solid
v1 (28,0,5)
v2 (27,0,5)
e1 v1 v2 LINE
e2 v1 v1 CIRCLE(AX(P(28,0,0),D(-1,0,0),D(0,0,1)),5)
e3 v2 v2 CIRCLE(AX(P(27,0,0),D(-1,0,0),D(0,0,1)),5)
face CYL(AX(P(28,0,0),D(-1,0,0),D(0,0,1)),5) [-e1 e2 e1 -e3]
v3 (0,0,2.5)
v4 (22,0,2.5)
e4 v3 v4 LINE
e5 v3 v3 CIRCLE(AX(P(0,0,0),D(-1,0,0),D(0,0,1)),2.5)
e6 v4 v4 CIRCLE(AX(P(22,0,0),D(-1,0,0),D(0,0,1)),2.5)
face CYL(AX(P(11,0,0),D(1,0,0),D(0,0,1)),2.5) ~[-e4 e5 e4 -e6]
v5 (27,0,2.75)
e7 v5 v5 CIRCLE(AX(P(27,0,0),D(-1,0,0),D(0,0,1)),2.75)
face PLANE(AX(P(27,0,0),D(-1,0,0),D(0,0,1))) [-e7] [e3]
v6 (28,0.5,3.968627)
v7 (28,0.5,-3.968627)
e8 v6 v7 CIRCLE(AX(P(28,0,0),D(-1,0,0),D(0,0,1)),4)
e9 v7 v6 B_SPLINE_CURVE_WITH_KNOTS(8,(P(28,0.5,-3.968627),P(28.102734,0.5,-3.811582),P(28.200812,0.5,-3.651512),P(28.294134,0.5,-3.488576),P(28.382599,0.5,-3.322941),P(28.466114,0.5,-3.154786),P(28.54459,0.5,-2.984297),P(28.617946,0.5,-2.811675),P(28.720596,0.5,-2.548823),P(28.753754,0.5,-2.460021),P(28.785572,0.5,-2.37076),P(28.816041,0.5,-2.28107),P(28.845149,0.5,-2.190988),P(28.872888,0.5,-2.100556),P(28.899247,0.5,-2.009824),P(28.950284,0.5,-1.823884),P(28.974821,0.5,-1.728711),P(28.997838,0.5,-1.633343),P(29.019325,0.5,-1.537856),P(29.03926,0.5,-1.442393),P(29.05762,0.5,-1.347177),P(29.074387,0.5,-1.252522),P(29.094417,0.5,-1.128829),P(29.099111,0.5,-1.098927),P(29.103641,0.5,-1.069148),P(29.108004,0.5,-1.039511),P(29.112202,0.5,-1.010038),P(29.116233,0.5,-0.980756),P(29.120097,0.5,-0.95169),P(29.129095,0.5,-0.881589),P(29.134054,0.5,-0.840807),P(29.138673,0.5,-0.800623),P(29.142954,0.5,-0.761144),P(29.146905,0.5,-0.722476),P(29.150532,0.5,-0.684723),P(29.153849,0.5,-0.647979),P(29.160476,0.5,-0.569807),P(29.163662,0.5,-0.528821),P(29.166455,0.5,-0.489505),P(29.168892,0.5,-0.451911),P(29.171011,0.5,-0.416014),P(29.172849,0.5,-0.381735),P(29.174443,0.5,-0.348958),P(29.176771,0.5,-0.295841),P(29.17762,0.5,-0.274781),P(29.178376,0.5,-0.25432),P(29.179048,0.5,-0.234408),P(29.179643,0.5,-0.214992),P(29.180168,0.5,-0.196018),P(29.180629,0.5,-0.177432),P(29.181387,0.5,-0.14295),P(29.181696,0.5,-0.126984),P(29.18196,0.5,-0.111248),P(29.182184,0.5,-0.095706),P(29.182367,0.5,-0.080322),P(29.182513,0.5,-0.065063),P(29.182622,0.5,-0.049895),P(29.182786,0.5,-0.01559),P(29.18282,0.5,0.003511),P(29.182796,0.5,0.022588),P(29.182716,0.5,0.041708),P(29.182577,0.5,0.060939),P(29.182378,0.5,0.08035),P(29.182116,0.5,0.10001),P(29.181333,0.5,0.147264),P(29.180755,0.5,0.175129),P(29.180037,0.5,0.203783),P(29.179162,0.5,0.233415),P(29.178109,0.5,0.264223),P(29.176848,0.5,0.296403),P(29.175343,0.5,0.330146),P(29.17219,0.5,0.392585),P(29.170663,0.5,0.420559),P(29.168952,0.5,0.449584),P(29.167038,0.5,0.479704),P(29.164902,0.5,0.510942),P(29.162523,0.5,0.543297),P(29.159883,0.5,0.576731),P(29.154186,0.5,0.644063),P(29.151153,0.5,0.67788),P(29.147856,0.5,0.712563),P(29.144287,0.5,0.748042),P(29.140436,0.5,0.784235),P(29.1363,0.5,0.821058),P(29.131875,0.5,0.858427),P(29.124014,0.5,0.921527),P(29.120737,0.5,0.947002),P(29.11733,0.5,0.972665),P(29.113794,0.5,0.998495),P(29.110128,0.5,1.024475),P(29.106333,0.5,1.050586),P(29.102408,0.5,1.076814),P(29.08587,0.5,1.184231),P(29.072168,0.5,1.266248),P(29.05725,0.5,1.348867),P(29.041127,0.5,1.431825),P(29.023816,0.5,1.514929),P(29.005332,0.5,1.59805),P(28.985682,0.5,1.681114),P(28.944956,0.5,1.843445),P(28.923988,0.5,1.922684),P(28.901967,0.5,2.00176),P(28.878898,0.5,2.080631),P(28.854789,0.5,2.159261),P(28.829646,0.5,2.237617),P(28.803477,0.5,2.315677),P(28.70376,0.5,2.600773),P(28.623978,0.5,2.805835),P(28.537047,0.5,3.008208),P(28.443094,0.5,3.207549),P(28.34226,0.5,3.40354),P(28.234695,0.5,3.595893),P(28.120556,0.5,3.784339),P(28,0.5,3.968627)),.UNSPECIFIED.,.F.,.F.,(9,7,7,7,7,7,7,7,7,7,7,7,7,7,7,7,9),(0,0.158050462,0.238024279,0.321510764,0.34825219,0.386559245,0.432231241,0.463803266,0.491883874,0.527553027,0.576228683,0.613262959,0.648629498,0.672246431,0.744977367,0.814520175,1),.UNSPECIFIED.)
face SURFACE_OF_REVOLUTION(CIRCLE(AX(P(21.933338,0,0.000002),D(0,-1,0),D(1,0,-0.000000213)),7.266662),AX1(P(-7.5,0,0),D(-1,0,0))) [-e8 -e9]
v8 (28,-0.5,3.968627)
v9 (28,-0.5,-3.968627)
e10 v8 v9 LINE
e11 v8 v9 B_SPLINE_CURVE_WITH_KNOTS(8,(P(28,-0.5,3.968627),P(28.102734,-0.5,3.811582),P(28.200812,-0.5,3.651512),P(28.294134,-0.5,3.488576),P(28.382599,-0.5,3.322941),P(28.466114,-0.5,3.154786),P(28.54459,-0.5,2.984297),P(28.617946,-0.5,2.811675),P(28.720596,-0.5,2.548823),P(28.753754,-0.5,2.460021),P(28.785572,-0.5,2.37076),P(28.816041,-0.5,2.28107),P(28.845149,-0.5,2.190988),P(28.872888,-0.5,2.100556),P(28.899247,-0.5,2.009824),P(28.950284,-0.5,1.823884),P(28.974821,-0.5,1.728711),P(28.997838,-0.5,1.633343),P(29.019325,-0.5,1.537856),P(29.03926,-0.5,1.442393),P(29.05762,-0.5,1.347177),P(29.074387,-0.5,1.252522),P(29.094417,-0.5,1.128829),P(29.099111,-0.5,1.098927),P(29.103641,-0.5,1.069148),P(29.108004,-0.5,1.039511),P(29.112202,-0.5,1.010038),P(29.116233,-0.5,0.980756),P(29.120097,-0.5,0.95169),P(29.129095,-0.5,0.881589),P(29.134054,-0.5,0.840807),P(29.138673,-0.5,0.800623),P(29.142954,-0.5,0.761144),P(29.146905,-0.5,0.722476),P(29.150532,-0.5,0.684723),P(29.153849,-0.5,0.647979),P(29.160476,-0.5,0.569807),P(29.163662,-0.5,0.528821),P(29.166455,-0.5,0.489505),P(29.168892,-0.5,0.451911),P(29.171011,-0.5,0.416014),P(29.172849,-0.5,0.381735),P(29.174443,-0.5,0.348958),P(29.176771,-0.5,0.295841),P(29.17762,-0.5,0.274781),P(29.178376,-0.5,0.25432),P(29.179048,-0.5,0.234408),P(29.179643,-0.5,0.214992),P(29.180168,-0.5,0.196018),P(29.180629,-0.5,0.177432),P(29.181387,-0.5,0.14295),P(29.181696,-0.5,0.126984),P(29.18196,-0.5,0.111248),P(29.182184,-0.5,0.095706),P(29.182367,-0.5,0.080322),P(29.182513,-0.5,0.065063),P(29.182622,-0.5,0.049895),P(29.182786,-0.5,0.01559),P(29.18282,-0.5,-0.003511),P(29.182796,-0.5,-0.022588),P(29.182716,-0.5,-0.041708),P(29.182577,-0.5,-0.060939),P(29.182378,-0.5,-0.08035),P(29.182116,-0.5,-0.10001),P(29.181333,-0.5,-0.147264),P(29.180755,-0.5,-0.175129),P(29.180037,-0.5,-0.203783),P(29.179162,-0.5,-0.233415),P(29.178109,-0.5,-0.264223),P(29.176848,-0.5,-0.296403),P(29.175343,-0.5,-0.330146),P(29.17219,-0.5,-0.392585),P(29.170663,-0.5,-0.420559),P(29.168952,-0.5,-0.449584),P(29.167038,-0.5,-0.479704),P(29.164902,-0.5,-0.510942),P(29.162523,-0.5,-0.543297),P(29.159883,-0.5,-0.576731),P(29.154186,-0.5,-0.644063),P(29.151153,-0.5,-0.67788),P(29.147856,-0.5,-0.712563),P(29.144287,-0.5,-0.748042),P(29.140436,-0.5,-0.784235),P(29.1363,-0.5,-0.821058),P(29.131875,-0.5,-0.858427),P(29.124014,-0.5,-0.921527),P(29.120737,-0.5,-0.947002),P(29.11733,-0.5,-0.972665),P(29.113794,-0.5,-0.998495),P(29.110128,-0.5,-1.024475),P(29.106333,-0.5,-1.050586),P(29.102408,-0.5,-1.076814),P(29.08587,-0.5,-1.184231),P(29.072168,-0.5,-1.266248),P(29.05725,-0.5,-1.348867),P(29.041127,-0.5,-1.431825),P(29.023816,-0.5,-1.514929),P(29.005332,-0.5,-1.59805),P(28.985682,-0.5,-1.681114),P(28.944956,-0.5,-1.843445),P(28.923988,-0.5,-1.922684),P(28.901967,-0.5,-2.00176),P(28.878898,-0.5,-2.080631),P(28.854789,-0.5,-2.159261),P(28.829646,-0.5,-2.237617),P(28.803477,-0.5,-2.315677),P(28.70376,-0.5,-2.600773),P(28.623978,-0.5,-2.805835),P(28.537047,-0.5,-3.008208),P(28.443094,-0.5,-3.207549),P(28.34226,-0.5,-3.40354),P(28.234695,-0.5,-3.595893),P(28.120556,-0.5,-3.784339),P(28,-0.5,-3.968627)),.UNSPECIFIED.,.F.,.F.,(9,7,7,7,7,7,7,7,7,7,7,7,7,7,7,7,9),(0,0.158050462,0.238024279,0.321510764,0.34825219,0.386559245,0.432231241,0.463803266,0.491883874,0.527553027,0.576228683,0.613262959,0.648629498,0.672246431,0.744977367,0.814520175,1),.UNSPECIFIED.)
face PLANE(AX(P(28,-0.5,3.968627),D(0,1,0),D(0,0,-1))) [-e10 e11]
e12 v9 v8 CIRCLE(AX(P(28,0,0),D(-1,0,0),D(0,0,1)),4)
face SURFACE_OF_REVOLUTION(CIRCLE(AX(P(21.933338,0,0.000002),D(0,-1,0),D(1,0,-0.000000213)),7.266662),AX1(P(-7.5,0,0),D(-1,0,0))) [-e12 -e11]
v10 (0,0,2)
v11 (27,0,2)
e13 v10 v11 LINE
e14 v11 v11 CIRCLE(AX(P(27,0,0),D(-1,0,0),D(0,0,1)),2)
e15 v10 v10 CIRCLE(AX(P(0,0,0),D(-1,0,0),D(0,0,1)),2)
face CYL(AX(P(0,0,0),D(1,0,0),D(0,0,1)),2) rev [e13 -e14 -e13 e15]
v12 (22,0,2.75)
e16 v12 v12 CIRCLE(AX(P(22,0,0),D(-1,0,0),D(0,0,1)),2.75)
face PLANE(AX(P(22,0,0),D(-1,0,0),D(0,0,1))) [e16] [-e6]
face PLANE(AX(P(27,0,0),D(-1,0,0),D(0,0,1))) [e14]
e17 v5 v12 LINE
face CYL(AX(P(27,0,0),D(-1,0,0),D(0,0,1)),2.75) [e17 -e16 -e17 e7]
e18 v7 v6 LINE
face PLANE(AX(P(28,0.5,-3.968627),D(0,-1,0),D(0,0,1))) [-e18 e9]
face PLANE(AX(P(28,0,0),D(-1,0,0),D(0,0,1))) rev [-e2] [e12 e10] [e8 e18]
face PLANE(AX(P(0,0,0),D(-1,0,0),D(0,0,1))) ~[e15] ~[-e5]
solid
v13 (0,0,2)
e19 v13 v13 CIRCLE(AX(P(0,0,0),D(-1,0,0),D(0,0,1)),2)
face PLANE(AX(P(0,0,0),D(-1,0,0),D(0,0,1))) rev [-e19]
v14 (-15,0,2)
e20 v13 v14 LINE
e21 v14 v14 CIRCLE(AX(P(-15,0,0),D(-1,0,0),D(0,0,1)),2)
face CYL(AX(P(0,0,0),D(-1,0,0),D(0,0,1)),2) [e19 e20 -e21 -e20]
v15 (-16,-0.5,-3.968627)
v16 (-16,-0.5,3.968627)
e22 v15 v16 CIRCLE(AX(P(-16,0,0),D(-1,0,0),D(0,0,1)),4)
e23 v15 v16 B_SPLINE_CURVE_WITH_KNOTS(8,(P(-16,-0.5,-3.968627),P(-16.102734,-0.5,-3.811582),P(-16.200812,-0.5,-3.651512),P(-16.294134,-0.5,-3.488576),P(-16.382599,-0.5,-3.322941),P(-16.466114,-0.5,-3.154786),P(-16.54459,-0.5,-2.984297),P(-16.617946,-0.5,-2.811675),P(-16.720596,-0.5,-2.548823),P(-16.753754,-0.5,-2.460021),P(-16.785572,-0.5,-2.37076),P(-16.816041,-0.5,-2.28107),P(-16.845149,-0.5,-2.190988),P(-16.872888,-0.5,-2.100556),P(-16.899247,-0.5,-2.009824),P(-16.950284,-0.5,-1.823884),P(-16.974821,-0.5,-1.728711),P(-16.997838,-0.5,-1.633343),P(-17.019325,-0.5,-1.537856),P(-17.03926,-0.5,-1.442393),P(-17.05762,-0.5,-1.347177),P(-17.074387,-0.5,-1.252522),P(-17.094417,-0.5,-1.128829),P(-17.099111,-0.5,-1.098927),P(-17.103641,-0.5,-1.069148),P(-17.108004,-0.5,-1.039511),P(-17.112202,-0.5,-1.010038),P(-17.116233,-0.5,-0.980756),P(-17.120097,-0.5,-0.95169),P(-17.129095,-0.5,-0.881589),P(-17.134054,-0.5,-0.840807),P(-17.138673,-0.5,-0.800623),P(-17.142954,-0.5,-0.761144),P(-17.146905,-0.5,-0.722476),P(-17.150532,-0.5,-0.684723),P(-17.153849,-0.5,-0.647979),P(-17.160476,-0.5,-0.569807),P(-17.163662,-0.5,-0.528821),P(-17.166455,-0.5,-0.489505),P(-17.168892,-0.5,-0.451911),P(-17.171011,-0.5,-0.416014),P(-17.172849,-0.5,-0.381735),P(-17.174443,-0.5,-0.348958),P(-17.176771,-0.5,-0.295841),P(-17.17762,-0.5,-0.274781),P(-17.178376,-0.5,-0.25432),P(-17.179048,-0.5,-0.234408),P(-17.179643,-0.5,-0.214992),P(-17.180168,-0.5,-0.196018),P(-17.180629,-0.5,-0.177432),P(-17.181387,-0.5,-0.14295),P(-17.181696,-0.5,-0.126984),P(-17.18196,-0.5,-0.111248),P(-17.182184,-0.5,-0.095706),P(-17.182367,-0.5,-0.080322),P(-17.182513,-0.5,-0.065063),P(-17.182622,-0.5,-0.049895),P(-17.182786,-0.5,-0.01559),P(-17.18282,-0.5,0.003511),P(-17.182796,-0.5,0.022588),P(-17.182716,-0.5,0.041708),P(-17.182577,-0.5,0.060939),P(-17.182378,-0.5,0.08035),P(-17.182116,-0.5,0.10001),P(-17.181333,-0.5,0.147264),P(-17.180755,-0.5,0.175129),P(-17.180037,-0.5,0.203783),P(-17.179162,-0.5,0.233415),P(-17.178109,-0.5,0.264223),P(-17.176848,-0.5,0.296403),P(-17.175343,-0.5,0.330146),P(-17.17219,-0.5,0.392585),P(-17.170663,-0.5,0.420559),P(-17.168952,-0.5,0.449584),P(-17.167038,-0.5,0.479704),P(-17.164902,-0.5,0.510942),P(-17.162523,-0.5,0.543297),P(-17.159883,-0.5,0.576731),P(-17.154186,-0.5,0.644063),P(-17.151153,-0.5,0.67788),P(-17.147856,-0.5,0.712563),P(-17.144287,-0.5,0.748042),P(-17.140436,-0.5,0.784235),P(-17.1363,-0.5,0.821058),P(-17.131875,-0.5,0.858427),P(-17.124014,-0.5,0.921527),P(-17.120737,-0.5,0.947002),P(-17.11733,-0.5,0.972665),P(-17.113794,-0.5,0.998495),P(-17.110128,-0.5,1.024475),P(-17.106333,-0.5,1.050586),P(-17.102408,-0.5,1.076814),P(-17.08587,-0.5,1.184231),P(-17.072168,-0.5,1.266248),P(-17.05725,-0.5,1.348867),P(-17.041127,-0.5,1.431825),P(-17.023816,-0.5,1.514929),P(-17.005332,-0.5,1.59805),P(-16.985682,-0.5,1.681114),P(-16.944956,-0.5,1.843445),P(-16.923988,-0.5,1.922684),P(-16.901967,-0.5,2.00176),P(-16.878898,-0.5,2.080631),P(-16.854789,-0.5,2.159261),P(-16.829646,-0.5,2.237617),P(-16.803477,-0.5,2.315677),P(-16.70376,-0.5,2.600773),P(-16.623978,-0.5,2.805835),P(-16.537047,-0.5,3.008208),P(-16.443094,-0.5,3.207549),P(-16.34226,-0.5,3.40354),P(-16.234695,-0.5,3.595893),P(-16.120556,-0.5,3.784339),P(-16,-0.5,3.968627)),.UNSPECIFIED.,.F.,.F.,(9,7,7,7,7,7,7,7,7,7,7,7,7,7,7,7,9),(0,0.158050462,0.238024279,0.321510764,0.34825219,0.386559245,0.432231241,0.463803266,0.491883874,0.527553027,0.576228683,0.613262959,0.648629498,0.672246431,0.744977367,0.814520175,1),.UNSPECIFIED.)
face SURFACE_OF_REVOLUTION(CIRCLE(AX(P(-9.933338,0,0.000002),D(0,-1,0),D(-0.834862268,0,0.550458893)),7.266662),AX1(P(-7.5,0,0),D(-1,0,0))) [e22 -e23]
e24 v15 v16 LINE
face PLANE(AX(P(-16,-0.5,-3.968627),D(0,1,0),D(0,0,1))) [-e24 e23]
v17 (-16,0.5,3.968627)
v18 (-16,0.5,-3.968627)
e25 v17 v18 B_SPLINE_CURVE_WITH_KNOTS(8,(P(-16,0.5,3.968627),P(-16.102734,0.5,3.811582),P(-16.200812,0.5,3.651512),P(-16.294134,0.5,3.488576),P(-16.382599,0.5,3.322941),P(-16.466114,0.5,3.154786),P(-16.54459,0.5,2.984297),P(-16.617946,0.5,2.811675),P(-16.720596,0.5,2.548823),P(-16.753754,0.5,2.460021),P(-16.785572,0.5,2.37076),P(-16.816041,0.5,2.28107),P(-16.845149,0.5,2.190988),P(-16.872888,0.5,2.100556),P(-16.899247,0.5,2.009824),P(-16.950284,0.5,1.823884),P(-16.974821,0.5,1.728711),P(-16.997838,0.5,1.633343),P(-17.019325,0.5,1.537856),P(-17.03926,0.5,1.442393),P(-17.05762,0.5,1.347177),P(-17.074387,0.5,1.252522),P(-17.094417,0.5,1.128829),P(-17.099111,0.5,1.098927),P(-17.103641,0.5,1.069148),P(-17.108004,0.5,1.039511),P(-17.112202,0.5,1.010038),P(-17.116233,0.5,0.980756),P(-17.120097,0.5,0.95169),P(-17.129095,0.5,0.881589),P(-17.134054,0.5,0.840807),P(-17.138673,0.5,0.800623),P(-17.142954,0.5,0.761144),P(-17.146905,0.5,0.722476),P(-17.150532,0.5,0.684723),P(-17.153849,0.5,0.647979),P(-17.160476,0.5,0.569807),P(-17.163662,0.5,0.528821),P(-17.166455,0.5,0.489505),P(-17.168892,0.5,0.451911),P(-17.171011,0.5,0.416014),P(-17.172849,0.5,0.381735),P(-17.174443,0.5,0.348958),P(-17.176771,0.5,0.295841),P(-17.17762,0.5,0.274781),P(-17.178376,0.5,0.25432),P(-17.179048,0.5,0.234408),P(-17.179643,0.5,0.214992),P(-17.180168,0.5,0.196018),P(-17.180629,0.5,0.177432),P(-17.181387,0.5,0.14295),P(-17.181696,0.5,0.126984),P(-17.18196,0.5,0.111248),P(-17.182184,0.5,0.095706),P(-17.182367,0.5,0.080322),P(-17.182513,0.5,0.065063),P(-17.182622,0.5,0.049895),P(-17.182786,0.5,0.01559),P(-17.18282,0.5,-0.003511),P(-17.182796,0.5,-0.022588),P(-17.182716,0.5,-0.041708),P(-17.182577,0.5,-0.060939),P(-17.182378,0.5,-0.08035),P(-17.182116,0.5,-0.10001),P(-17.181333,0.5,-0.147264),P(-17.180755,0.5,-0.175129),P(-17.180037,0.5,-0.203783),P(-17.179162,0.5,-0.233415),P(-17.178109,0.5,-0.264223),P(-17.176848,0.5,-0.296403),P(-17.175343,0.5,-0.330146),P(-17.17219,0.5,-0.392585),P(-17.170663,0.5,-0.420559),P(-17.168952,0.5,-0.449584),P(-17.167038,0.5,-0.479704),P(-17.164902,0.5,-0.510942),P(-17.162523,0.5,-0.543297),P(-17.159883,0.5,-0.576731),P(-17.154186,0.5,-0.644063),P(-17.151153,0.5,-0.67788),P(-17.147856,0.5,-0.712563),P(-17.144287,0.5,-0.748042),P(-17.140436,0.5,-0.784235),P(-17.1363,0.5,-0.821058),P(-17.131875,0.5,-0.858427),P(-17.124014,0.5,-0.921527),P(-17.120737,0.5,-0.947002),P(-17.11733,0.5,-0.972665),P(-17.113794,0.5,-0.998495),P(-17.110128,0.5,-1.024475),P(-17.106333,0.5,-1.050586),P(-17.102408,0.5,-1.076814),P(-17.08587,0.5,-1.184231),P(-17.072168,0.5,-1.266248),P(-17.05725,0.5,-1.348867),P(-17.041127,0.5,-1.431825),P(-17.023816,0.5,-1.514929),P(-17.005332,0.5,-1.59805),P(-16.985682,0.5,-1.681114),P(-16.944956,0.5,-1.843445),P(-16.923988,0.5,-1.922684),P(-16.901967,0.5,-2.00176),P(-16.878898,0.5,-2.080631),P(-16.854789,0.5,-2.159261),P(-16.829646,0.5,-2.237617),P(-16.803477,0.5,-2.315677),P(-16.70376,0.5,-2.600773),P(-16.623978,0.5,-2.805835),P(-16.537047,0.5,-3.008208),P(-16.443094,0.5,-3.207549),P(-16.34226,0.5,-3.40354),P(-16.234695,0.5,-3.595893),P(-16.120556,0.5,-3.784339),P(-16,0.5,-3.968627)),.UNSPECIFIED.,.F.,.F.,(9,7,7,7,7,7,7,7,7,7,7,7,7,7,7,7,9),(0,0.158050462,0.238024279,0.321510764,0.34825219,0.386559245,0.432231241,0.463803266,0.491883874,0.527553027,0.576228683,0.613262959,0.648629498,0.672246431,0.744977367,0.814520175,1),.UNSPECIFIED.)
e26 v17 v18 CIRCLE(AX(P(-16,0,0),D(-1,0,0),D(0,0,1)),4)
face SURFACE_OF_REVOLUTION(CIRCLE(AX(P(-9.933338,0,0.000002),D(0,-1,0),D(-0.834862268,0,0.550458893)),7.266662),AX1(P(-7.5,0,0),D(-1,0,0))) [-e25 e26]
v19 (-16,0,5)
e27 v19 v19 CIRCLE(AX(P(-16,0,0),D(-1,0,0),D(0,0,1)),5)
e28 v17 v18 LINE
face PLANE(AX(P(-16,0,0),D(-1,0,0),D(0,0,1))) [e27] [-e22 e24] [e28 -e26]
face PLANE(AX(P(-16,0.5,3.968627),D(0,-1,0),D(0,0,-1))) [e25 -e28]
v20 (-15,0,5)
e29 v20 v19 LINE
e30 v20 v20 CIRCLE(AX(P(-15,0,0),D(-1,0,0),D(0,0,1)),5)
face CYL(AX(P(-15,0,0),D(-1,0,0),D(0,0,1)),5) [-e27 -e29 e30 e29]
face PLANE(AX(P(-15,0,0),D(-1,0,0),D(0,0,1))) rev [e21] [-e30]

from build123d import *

# Parameters (mm, degrees)
F3_DEPTH = 1.2
F0_W     = 22
F0_H     = 0.5
F6_DEPTH = 1.2


with BuildPart() as f1:
    # F0 (on Front) → F1 (revolve)
    with BuildSketch(Plane.XZ):
        with BuildLine():
            Line((-15, 0), (0, 0))
            Line((0, 0), (0, 2))
            Line((0, 2), (-15, 2))
            Line((-15, 2), (-15, 5))
            Line((-15, 5), (-16, 5))
            Line((-16, 5), (-16, 4))
            ThreePointArc((-16, 4), (-16.893538, 2.088061), (-17.2, 0))
            Line((-17.2, 0), (-16, 0))
            Line((-16, 0), (-15, 0))
        make_face()
    revolve(axis=Axis((-7.5, 0, 0), (-1, 0, 0)))

    # F2 (on face) → F3 (cut, through all)
    with BuildSketch(Plane(origin=(-16, 0, 0), x_dir=(0, -1, 0), z_dir=(-1, 0, 0))):
        with BuildLine():
            ThreePointArc((0.5, 3.968627), (0, 4), (-0.5, 3.968627))
            Line((-0.5, 3.968627), (-0.5, -3.968627))
            ThreePointArc((-0.5, -3.968627), (0, -4), (0.5, -3.968627))
            Line((0.5, -3.968627), (0.5, 3.968627))
        make_face()
    extrude(amount=F3_DEPTH, mode=Mode.SUBTRACT)


with BuildPart() as f4:
    # F0 (on Front) → F4 (revolve)
    with BuildSketch(Plane.XZ):
        with Locations((11, 2.25)):
            Rectangle(F0_W, F0_H)
        Polygon((22, 2.5), (22, 2), (27, 2), (27, 2.75), (22, 2.75), align=None)
        Polygon((27, 2.75), (27, 2), (27, 0), (28, 0), (28, 4), (28, 5), (27, 5), align=None)
        with BuildLine():
            Line((28, 4), (28, 0))
            Line((28, 0), (29.2, 0))
            ThreePointArc((29.2, 0), (28.893538, 2.088061), (28, 4))
        make_face()
    revolve(axis=Axis((-7.5, 0, 0), (-1, 0, 0)))

    # F5 (on face) → F6 (cut, through all)
    with BuildSketch(Plane.YZ.offset(28)):
        with BuildLine():
            Line((-0.5, 3.968627), (-0.5, -3.968627))
            ThreePointArc((-0.5, -3.968627), (0, -4), (0.5, -3.968627))
            Line((0.5, -3.968627), (0.5, 3.968627))
            ThreePointArc((0.5, 3.968627), (0, 4), (-0.5, 3.968627))
        make_face()
    extrude(amount=F6_DEPTH, mode=Mode.SUBTRACT)


solid = Compound([f1.part, f4.part])
